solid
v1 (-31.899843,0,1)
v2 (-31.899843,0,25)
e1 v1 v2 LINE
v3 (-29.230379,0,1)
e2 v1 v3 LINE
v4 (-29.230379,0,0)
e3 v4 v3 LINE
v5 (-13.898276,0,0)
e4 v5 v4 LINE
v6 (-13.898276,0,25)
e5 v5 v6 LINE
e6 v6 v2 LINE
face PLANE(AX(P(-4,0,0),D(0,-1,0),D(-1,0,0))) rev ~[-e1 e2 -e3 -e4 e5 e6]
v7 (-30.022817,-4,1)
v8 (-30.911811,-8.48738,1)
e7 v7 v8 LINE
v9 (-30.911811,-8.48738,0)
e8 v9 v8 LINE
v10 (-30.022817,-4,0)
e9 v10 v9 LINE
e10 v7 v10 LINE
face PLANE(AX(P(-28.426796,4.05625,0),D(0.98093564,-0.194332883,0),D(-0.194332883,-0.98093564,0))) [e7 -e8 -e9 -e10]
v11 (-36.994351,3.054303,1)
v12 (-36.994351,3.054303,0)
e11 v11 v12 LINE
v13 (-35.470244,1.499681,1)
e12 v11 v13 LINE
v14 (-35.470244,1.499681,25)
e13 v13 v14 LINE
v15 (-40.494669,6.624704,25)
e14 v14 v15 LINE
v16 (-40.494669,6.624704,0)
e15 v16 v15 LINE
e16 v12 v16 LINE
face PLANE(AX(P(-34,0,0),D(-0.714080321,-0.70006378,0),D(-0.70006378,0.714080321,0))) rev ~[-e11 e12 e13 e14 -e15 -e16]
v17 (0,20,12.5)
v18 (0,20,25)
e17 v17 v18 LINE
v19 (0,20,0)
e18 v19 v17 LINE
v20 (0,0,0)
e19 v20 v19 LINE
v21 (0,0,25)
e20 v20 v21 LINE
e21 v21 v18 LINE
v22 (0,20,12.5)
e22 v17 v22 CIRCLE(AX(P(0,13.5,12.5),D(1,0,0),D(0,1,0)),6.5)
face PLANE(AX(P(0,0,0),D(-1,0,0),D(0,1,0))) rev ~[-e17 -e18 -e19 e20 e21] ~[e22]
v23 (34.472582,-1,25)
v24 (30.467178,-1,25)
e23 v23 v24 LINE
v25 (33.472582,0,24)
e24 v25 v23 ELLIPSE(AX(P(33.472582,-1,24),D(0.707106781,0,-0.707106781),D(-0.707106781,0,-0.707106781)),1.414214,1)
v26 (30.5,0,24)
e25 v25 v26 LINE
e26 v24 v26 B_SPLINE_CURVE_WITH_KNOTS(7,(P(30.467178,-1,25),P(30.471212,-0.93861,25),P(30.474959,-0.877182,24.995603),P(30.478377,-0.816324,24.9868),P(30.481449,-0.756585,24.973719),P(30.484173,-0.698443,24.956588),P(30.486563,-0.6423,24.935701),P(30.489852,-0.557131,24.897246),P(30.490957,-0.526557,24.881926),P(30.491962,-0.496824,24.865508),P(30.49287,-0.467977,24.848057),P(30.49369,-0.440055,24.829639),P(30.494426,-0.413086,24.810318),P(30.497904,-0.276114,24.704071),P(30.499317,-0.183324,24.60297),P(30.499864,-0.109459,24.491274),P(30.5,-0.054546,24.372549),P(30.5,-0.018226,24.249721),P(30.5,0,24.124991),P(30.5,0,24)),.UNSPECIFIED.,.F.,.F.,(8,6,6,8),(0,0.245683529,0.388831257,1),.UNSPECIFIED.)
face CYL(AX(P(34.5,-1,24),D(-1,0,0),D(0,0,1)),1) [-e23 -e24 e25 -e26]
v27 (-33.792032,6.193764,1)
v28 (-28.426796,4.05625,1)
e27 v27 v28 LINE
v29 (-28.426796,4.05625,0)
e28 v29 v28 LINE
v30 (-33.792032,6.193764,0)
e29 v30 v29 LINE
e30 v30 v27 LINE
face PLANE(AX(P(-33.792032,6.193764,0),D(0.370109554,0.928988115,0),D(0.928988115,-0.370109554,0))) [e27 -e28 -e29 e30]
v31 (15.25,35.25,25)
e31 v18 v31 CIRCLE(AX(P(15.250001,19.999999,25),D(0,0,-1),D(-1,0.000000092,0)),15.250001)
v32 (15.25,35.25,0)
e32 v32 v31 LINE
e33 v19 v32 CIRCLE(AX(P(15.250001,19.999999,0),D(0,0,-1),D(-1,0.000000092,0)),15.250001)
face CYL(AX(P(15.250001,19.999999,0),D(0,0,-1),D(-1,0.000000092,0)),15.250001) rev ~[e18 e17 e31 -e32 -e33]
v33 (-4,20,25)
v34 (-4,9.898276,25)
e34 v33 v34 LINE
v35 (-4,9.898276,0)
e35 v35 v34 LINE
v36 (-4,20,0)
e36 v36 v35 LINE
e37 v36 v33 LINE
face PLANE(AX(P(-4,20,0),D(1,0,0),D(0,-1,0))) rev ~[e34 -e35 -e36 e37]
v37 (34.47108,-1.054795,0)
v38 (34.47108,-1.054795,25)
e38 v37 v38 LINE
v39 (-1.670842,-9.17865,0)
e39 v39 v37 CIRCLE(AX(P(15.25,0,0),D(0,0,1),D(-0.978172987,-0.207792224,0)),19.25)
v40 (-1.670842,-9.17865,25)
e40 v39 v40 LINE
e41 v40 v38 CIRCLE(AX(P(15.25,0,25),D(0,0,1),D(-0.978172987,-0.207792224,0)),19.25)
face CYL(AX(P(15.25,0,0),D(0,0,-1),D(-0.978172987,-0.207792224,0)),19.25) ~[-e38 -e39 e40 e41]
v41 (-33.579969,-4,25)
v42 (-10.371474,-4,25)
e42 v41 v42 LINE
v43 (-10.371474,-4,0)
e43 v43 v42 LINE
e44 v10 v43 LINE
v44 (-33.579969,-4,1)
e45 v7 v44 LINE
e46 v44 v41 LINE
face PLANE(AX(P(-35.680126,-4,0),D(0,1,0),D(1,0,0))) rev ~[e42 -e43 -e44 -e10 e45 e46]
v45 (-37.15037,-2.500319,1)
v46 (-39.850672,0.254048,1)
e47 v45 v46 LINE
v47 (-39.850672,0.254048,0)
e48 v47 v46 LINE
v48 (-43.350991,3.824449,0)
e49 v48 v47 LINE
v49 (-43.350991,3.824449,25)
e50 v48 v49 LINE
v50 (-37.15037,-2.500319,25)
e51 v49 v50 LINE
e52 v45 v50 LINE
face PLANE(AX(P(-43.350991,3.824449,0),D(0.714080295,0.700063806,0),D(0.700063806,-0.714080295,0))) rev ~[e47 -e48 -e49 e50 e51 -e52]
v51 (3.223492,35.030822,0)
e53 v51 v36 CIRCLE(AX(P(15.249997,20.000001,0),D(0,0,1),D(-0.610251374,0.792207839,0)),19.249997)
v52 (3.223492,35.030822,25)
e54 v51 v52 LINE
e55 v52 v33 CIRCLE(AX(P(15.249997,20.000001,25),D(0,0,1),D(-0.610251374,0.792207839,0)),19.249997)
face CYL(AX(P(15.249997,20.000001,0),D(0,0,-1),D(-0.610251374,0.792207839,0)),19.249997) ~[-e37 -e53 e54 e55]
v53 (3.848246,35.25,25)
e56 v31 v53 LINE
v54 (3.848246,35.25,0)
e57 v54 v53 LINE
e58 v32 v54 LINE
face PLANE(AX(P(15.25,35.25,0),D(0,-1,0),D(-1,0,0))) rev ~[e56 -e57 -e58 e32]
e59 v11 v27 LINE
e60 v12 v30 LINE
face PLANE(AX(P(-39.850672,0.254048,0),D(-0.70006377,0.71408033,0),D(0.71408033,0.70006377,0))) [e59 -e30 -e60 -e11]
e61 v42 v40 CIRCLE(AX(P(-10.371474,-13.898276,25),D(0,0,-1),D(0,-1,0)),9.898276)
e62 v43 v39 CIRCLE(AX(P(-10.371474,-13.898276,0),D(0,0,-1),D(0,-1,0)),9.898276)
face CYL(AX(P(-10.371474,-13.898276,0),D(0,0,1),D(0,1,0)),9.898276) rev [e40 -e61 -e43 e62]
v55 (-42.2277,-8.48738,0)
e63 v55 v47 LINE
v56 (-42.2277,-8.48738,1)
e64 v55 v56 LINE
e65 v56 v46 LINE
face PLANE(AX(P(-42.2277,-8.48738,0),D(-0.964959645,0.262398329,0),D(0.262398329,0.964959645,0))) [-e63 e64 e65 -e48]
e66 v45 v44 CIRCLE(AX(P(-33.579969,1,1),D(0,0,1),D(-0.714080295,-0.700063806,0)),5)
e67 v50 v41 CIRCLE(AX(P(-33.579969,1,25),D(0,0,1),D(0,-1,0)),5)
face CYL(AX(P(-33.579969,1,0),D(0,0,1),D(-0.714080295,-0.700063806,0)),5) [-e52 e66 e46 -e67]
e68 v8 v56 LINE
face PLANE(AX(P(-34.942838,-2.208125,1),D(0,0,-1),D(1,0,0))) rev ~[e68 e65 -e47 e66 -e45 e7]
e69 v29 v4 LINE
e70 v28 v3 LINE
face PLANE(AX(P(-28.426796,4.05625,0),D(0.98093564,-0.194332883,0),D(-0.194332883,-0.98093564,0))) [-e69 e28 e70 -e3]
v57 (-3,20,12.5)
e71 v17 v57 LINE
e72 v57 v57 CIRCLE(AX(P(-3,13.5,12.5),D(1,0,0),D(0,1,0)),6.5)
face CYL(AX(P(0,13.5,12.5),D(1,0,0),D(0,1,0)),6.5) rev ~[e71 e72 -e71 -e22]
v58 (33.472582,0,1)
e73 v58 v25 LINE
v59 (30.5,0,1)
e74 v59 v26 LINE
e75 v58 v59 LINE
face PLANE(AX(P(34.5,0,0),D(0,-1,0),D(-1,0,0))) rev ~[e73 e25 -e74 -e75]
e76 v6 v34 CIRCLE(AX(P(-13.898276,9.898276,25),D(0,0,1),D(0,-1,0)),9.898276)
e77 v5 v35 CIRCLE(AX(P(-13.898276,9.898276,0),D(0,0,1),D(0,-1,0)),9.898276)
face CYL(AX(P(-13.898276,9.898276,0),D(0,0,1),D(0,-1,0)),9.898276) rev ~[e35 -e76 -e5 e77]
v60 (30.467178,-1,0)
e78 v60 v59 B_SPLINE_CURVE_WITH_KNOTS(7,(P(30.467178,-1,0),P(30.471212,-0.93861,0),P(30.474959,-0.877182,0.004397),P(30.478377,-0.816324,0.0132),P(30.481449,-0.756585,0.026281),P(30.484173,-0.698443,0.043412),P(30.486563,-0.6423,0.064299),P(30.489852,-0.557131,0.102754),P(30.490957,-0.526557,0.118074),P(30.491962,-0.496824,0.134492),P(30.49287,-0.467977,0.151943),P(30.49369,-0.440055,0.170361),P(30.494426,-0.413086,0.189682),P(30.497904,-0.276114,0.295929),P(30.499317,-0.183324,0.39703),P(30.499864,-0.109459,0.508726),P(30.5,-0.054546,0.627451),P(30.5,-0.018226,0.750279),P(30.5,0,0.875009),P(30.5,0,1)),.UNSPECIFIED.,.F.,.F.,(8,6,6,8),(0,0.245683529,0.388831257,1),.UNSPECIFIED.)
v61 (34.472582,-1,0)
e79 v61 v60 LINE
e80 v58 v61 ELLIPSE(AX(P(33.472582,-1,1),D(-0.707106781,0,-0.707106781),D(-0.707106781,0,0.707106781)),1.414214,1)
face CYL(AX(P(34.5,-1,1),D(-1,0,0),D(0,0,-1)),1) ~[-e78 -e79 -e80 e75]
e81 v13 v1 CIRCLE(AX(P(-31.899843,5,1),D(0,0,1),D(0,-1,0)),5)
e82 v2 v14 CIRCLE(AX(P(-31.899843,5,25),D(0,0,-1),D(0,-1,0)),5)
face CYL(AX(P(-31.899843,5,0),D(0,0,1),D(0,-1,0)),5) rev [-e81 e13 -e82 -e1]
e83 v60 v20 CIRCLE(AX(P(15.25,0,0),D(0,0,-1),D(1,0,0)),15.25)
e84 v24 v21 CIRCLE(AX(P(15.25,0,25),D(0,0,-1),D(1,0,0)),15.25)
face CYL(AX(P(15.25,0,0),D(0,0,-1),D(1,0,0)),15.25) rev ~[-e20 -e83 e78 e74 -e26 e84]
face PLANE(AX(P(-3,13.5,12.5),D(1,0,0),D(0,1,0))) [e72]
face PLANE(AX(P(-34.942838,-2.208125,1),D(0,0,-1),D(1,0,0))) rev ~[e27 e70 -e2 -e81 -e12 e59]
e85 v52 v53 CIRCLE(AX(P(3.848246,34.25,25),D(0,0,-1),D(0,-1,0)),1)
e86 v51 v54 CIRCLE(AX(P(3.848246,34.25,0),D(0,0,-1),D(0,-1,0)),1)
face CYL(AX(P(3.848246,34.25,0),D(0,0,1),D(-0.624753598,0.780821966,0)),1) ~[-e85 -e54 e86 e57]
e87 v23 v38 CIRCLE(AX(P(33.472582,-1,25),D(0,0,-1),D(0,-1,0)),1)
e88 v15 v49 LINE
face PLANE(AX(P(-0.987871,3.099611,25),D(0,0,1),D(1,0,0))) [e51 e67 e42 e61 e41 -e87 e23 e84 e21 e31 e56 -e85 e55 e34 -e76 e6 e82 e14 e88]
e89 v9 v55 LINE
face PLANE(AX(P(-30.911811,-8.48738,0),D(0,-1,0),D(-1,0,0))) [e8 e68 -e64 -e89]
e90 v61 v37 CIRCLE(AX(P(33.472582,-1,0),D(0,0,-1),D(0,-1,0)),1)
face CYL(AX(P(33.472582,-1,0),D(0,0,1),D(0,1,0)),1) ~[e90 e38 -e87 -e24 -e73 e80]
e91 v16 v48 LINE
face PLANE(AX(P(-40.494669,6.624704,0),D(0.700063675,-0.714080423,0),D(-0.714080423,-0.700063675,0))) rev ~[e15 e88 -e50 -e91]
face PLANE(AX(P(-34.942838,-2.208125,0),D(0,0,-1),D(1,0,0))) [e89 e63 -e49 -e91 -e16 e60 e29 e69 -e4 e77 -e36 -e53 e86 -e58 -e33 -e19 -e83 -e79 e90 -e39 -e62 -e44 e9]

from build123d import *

# Parameters (mm, degrees)
F1_DEPTH = 25
F2_R     = 5
F3_R     = 9.898276
F4_R     = 1
F5_R     = 6.5
F6_DEPTH = 3
F8_DEPTH = 1


with BuildPart() as f1:
    # F0 (on Top) → F1 (new body)
    with BuildSketch(Plane.XY):
        with BuildLine():
            ThreePointArc((30.5, 0), (15.25, -15.25), (0, 0))
            Line((0, 0), (0, 20))
            ThreePointArc((0, 20), (4.466622, 30.783378), (15.25, 35.25))
            Line((15.25, 35.25), (3.50266, 35.25))
            ThreePointArc((3.50266, 35.25), (-2.022794, 28.497829), (-4, 20))
            Line((-4, 20), (-4, 0))
            Line((-4, 0), (-34, 0))
            Line((-34, 0), (-40.494669, 6.624704))
            Line((-40.494669, 6.624704), (-43.350991, 3.824449))
            Line((-43.350991, 3.824449), (-35.680126, -4))
            Line((-35.680126, -4), (-3.57983, -4))
            ThreePointArc((-3.57983, -4), (17.261004, -19.144669), (34.5, 0))
            Line((34.5, 0), (30.5, 0))
        make_face()
    extrude(amount=F1_DEPTH)

    # F2
    f2_edges = [f1.edges().sort_by_distance(p)[0] for p in [
        (-35.680126, -4, 12.5),
        (-34, 0, 12.5),
    ]]
    fillet(f2_edges, radius=F2_R)

    # F3
    f3_edges = [f1.edges().sort_by_distance(p)[0] for p in [
        (-3.57983, -4, 12.5),
        (-4, 0, 12.5),
    ]]
    fillet(f3_edges, radius=F3_R)

    # F4
    f4_edges = [f1.edges().sort_by_distance(p)[0] for p in [
        (34.5, 0, 12.5),
        (32.5, 0, 25),
        (32.5, 0, 0),
        (3.50266, 35.25, 12.5),
    ]]
    fillet(f4_edges, radius=F4_R)

    # F5 (on face) → F6 (cut)
    with BuildSketch(Plane.YZ):
        with Locations((13.5, 12.5)):
            Circle(F5_R)
    extrude(amount=-F6_DEPTH, mode=Mode.SUBTRACT)

    # F7 (on face) → F8 (join)
    with BuildSketch(Plane(origin=(0, 0, 0), x_dir=(1, 0, 0), z_dir=(0, 0, -1))):
        Polygon((-42.2277, 8.48738), (-39.850672, -0.254048), (-33.792032, -6.193764), (-28.426796, -4.05625), (-30.911811, 8.48738), align=None)
    extrude(amount=-F8_DEPTH)


solid = f1.part
